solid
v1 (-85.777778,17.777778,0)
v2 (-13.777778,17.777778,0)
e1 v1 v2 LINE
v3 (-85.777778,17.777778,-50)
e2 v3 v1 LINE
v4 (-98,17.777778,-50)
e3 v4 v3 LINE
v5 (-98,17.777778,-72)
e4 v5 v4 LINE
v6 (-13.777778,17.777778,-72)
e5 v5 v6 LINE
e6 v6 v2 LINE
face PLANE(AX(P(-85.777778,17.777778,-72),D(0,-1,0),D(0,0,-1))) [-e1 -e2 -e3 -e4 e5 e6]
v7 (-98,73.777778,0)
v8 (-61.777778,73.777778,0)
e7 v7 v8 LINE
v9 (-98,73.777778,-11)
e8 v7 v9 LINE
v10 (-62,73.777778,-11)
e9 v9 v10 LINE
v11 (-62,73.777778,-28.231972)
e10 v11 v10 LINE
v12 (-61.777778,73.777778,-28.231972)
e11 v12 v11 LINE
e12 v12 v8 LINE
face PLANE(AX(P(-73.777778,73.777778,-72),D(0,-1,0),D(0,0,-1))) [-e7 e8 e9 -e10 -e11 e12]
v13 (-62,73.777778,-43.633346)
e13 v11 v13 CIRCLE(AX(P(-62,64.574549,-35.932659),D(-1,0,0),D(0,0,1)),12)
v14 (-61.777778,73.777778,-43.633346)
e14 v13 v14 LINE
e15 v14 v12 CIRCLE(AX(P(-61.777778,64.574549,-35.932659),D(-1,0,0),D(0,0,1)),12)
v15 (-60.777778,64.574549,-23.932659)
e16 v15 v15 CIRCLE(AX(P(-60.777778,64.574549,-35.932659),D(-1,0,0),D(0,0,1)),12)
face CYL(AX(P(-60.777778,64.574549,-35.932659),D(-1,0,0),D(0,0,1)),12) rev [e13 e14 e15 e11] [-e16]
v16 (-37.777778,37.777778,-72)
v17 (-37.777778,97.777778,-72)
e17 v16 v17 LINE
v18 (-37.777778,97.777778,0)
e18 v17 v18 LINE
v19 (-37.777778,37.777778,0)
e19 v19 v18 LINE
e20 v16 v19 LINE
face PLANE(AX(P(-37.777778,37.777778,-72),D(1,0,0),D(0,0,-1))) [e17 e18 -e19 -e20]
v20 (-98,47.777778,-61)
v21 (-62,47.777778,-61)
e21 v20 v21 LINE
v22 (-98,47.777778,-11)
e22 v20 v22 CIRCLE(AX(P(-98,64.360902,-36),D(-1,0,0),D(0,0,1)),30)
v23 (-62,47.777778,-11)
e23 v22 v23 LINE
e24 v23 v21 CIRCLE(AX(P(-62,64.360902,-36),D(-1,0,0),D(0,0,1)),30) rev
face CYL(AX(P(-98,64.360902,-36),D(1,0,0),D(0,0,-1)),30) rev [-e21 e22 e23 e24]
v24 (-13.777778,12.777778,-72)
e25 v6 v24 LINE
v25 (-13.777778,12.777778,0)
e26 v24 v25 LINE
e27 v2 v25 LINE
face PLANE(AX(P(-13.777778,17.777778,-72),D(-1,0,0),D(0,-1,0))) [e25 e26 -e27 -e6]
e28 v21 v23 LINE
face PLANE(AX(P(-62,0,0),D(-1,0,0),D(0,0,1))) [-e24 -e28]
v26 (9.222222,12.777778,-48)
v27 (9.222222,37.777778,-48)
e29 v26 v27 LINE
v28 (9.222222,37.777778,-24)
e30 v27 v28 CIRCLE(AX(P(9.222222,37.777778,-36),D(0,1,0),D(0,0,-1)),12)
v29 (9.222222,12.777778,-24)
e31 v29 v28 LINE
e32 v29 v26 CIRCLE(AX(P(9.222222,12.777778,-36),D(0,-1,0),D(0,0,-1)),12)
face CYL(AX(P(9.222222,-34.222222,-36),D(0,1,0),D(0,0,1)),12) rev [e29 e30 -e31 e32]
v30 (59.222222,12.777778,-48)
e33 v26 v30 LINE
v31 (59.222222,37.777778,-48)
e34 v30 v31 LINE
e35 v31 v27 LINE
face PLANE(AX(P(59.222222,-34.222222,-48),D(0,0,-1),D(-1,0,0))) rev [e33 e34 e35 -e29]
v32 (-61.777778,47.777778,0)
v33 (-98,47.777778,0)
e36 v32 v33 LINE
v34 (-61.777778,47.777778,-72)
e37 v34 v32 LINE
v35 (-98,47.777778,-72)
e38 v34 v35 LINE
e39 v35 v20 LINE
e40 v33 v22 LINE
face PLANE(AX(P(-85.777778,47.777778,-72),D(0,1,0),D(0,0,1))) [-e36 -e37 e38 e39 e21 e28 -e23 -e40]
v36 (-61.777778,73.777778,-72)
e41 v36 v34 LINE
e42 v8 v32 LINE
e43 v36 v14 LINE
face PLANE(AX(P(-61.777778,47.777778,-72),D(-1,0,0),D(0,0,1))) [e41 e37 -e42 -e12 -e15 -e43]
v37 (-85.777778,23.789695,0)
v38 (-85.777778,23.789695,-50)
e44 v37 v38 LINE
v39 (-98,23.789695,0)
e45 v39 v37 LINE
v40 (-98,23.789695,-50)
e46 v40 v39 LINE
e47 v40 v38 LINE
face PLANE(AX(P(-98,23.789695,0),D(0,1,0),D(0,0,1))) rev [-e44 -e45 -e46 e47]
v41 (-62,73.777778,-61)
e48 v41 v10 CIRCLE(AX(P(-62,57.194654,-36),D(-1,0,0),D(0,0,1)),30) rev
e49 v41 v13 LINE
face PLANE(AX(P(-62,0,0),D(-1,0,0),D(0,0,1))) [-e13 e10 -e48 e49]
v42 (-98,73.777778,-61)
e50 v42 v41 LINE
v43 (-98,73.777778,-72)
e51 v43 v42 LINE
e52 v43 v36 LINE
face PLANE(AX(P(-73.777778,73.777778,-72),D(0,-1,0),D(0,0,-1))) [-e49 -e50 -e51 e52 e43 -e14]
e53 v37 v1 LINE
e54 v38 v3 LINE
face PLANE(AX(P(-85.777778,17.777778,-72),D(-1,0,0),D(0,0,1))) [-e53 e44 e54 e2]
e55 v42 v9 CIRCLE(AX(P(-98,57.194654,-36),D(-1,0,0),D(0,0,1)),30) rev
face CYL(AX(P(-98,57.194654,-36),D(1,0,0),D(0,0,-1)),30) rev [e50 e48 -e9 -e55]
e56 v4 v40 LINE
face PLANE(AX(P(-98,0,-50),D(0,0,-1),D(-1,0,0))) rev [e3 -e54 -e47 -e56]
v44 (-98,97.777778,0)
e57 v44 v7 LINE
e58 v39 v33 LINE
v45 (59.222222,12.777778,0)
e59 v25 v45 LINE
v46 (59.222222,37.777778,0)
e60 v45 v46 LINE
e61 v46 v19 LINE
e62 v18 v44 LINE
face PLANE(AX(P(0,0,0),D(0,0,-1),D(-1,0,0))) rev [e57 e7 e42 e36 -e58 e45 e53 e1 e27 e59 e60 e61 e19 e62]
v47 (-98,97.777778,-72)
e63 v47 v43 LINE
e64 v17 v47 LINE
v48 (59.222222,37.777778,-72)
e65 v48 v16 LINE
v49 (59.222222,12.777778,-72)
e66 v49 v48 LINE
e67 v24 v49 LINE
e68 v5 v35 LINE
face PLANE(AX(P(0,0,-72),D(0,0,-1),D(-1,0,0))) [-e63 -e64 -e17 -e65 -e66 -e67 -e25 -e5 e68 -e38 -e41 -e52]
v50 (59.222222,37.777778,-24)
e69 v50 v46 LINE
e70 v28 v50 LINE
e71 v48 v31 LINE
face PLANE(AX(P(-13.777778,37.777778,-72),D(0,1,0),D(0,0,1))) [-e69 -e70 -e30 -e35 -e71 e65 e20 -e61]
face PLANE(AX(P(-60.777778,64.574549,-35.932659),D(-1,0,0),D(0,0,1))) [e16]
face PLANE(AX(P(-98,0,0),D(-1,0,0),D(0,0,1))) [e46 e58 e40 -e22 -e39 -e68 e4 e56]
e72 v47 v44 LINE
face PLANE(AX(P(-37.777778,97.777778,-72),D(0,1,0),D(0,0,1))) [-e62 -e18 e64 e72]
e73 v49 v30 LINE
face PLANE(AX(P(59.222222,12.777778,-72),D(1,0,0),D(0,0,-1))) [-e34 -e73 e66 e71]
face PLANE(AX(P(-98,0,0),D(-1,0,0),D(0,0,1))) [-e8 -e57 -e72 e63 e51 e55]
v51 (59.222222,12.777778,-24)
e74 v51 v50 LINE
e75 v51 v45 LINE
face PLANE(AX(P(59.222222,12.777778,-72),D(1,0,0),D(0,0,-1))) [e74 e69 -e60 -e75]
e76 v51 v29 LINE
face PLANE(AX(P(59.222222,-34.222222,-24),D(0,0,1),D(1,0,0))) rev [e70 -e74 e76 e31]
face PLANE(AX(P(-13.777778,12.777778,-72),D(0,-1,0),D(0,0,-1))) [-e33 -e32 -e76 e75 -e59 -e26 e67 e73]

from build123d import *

# Parameters (mm, degrees)
BOSS_EXTRUDE7_DEPTH      = 72
CUT_EXTRUDE4_DEPTH       = 72
BOSS_EXTRUDE8_DEPTH      = 36
CUT_EXTRUDE10_DEPTH      = 30
SKETCH17_R               = 12
CUT_EXTRUDE11_DEPTH      = 30
CUT_EXTRUDE11_DEPTH_BACK = 1


with BuildPart() as part:
    # Sketch7 → Boss-Extrude7 (new body)
    with BuildSketch(Plane.XY):
        Polygon((-85.777777778, 17.777777778), (-13.777777778, 17.777777778), (-13.777777778, 12.777777778), (59.222222222, 12.777777778), (59.222222222, 37.777777778), (-13.777777778, 37.777777778), (-37.777777778, 37.777777778), (-37.777777778, 97.777777778), (-73.777777778, 97.777777778), (-73.777777778, 73.777777778), (-61.777777778, 73.777777778), (-61.777777778, 47.777777778), (-73.777777778, 47.777777778), (-85.777777778, 47.777777778), align=None)
    extrude(amount=-BOSS_EXTRUDE7_DEPTH)

    # Sketch9 → Cut-Extrude4 (cut)
    with BuildSketch(Plane(origin=(0, 37.777777778, 0), x_dir=(1, 0, 0), z_dir=(0, 1, 0))):
        with BuildLine():
            Line((59.222222222, 24), (9.222222222, 24))
            ThreePointArc((9.222222222, 24), (-2.777777778, 36), (9.222222222, 48))
            Line((9.222222222, 48), (59.222222222, 48))
            Line((59.222222222, 48), (59.222222222, 24))
        make_face()
    extrude(amount=-CUT_EXTRUDE4_DEPTH, mode=Mode.SUBTRACT)

    # Sketch12 → Boss-Extrude8 (add)
    with BuildSketch(Plane.ZY.offset(62)):
        with BuildLine():
            ThreePointArc((-61, 47.777777778), (-36, 34.36090173), (-11, 47.777777778))
            Line((-11, 47.777777778), (0, 47.777777778))
            Line((0, 47.777777778), (0, 23.789694875))
            Line((0, 23.789694875), (-50, 23.789694875))
            Line((-50, 23.789694875), (-50, 17.777777778))
            Line((-50, 17.777777778), (-72, 17.777777778))
            Line((-72, 17.777777778), (-72, 47.777777778))
            Line((-72, 47.777777778), (-61, 47.777777778))
        make_face()
        with BuildLine():
            Line((-72, 73.777777778), (-61, 73.777777778))
            ThreePointArc((-61, 73.777777778), (-36, 87.194653826), (-11, 73.777777778))
            Line((-11, 73.777777778), (0, 73.777777778))
            Line((0, 73.777777778), (0, 97.777777778))
            Line((0, 97.777777778), (-72, 97.777777778))
            Line((-72, 97.777777778), (-72, 73.777777778))
        make_face()
    extrude(amount=BOSS_EXTRUDE8_DEPTH)

    # Sketch13 → Cut-Extrude10 (cut)
    with BuildSketch(Plane.ZY.offset(62)):
        with BuildLine():
            ThreePointArc((-11, 47.777777778), (-36, 34.36090173), (-61, 47.777777778))
            Line((-61, 47.777777778), (-11, 47.777777778))
        make_face()
        with BuildLine():
            ThreePointArc((-61, 73.777777778), (-36, 87.194653826), (-11, 73.777777778))
            Line((-11, 73.777777778), (-28.562094012, 73.777777778))
            Line((-28.562094012, 73.777777778), (-43.437905988, 73.777777778))
            Line((-43.437905988, 73.777777778), (-61, 73.777777778))
        make_face()
    extrude(amount=CUT_EXTRUDE10_DEPTH, mode=Mode.SUBTRACT)

    # Sketch17 → Cut-Extrude11 (cut, two sides)
    with BuildSketch(Plane.ZY.offset(61.777777778)) as cut_extrude11_sk:
        with Locations((-35.93265931, 64.574548991)):
            Circle(SKETCH17_R)
    extrude(amount=CUT_EXTRUDE11_DEPTH, mode=Mode.SUBTRACT)
    extrude(cut_extrude11_sk.sketch, amount=-CUT_EXTRUDE11_DEPTH_BACK, mode=Mode.SUBTRACT)


solid = part.part
